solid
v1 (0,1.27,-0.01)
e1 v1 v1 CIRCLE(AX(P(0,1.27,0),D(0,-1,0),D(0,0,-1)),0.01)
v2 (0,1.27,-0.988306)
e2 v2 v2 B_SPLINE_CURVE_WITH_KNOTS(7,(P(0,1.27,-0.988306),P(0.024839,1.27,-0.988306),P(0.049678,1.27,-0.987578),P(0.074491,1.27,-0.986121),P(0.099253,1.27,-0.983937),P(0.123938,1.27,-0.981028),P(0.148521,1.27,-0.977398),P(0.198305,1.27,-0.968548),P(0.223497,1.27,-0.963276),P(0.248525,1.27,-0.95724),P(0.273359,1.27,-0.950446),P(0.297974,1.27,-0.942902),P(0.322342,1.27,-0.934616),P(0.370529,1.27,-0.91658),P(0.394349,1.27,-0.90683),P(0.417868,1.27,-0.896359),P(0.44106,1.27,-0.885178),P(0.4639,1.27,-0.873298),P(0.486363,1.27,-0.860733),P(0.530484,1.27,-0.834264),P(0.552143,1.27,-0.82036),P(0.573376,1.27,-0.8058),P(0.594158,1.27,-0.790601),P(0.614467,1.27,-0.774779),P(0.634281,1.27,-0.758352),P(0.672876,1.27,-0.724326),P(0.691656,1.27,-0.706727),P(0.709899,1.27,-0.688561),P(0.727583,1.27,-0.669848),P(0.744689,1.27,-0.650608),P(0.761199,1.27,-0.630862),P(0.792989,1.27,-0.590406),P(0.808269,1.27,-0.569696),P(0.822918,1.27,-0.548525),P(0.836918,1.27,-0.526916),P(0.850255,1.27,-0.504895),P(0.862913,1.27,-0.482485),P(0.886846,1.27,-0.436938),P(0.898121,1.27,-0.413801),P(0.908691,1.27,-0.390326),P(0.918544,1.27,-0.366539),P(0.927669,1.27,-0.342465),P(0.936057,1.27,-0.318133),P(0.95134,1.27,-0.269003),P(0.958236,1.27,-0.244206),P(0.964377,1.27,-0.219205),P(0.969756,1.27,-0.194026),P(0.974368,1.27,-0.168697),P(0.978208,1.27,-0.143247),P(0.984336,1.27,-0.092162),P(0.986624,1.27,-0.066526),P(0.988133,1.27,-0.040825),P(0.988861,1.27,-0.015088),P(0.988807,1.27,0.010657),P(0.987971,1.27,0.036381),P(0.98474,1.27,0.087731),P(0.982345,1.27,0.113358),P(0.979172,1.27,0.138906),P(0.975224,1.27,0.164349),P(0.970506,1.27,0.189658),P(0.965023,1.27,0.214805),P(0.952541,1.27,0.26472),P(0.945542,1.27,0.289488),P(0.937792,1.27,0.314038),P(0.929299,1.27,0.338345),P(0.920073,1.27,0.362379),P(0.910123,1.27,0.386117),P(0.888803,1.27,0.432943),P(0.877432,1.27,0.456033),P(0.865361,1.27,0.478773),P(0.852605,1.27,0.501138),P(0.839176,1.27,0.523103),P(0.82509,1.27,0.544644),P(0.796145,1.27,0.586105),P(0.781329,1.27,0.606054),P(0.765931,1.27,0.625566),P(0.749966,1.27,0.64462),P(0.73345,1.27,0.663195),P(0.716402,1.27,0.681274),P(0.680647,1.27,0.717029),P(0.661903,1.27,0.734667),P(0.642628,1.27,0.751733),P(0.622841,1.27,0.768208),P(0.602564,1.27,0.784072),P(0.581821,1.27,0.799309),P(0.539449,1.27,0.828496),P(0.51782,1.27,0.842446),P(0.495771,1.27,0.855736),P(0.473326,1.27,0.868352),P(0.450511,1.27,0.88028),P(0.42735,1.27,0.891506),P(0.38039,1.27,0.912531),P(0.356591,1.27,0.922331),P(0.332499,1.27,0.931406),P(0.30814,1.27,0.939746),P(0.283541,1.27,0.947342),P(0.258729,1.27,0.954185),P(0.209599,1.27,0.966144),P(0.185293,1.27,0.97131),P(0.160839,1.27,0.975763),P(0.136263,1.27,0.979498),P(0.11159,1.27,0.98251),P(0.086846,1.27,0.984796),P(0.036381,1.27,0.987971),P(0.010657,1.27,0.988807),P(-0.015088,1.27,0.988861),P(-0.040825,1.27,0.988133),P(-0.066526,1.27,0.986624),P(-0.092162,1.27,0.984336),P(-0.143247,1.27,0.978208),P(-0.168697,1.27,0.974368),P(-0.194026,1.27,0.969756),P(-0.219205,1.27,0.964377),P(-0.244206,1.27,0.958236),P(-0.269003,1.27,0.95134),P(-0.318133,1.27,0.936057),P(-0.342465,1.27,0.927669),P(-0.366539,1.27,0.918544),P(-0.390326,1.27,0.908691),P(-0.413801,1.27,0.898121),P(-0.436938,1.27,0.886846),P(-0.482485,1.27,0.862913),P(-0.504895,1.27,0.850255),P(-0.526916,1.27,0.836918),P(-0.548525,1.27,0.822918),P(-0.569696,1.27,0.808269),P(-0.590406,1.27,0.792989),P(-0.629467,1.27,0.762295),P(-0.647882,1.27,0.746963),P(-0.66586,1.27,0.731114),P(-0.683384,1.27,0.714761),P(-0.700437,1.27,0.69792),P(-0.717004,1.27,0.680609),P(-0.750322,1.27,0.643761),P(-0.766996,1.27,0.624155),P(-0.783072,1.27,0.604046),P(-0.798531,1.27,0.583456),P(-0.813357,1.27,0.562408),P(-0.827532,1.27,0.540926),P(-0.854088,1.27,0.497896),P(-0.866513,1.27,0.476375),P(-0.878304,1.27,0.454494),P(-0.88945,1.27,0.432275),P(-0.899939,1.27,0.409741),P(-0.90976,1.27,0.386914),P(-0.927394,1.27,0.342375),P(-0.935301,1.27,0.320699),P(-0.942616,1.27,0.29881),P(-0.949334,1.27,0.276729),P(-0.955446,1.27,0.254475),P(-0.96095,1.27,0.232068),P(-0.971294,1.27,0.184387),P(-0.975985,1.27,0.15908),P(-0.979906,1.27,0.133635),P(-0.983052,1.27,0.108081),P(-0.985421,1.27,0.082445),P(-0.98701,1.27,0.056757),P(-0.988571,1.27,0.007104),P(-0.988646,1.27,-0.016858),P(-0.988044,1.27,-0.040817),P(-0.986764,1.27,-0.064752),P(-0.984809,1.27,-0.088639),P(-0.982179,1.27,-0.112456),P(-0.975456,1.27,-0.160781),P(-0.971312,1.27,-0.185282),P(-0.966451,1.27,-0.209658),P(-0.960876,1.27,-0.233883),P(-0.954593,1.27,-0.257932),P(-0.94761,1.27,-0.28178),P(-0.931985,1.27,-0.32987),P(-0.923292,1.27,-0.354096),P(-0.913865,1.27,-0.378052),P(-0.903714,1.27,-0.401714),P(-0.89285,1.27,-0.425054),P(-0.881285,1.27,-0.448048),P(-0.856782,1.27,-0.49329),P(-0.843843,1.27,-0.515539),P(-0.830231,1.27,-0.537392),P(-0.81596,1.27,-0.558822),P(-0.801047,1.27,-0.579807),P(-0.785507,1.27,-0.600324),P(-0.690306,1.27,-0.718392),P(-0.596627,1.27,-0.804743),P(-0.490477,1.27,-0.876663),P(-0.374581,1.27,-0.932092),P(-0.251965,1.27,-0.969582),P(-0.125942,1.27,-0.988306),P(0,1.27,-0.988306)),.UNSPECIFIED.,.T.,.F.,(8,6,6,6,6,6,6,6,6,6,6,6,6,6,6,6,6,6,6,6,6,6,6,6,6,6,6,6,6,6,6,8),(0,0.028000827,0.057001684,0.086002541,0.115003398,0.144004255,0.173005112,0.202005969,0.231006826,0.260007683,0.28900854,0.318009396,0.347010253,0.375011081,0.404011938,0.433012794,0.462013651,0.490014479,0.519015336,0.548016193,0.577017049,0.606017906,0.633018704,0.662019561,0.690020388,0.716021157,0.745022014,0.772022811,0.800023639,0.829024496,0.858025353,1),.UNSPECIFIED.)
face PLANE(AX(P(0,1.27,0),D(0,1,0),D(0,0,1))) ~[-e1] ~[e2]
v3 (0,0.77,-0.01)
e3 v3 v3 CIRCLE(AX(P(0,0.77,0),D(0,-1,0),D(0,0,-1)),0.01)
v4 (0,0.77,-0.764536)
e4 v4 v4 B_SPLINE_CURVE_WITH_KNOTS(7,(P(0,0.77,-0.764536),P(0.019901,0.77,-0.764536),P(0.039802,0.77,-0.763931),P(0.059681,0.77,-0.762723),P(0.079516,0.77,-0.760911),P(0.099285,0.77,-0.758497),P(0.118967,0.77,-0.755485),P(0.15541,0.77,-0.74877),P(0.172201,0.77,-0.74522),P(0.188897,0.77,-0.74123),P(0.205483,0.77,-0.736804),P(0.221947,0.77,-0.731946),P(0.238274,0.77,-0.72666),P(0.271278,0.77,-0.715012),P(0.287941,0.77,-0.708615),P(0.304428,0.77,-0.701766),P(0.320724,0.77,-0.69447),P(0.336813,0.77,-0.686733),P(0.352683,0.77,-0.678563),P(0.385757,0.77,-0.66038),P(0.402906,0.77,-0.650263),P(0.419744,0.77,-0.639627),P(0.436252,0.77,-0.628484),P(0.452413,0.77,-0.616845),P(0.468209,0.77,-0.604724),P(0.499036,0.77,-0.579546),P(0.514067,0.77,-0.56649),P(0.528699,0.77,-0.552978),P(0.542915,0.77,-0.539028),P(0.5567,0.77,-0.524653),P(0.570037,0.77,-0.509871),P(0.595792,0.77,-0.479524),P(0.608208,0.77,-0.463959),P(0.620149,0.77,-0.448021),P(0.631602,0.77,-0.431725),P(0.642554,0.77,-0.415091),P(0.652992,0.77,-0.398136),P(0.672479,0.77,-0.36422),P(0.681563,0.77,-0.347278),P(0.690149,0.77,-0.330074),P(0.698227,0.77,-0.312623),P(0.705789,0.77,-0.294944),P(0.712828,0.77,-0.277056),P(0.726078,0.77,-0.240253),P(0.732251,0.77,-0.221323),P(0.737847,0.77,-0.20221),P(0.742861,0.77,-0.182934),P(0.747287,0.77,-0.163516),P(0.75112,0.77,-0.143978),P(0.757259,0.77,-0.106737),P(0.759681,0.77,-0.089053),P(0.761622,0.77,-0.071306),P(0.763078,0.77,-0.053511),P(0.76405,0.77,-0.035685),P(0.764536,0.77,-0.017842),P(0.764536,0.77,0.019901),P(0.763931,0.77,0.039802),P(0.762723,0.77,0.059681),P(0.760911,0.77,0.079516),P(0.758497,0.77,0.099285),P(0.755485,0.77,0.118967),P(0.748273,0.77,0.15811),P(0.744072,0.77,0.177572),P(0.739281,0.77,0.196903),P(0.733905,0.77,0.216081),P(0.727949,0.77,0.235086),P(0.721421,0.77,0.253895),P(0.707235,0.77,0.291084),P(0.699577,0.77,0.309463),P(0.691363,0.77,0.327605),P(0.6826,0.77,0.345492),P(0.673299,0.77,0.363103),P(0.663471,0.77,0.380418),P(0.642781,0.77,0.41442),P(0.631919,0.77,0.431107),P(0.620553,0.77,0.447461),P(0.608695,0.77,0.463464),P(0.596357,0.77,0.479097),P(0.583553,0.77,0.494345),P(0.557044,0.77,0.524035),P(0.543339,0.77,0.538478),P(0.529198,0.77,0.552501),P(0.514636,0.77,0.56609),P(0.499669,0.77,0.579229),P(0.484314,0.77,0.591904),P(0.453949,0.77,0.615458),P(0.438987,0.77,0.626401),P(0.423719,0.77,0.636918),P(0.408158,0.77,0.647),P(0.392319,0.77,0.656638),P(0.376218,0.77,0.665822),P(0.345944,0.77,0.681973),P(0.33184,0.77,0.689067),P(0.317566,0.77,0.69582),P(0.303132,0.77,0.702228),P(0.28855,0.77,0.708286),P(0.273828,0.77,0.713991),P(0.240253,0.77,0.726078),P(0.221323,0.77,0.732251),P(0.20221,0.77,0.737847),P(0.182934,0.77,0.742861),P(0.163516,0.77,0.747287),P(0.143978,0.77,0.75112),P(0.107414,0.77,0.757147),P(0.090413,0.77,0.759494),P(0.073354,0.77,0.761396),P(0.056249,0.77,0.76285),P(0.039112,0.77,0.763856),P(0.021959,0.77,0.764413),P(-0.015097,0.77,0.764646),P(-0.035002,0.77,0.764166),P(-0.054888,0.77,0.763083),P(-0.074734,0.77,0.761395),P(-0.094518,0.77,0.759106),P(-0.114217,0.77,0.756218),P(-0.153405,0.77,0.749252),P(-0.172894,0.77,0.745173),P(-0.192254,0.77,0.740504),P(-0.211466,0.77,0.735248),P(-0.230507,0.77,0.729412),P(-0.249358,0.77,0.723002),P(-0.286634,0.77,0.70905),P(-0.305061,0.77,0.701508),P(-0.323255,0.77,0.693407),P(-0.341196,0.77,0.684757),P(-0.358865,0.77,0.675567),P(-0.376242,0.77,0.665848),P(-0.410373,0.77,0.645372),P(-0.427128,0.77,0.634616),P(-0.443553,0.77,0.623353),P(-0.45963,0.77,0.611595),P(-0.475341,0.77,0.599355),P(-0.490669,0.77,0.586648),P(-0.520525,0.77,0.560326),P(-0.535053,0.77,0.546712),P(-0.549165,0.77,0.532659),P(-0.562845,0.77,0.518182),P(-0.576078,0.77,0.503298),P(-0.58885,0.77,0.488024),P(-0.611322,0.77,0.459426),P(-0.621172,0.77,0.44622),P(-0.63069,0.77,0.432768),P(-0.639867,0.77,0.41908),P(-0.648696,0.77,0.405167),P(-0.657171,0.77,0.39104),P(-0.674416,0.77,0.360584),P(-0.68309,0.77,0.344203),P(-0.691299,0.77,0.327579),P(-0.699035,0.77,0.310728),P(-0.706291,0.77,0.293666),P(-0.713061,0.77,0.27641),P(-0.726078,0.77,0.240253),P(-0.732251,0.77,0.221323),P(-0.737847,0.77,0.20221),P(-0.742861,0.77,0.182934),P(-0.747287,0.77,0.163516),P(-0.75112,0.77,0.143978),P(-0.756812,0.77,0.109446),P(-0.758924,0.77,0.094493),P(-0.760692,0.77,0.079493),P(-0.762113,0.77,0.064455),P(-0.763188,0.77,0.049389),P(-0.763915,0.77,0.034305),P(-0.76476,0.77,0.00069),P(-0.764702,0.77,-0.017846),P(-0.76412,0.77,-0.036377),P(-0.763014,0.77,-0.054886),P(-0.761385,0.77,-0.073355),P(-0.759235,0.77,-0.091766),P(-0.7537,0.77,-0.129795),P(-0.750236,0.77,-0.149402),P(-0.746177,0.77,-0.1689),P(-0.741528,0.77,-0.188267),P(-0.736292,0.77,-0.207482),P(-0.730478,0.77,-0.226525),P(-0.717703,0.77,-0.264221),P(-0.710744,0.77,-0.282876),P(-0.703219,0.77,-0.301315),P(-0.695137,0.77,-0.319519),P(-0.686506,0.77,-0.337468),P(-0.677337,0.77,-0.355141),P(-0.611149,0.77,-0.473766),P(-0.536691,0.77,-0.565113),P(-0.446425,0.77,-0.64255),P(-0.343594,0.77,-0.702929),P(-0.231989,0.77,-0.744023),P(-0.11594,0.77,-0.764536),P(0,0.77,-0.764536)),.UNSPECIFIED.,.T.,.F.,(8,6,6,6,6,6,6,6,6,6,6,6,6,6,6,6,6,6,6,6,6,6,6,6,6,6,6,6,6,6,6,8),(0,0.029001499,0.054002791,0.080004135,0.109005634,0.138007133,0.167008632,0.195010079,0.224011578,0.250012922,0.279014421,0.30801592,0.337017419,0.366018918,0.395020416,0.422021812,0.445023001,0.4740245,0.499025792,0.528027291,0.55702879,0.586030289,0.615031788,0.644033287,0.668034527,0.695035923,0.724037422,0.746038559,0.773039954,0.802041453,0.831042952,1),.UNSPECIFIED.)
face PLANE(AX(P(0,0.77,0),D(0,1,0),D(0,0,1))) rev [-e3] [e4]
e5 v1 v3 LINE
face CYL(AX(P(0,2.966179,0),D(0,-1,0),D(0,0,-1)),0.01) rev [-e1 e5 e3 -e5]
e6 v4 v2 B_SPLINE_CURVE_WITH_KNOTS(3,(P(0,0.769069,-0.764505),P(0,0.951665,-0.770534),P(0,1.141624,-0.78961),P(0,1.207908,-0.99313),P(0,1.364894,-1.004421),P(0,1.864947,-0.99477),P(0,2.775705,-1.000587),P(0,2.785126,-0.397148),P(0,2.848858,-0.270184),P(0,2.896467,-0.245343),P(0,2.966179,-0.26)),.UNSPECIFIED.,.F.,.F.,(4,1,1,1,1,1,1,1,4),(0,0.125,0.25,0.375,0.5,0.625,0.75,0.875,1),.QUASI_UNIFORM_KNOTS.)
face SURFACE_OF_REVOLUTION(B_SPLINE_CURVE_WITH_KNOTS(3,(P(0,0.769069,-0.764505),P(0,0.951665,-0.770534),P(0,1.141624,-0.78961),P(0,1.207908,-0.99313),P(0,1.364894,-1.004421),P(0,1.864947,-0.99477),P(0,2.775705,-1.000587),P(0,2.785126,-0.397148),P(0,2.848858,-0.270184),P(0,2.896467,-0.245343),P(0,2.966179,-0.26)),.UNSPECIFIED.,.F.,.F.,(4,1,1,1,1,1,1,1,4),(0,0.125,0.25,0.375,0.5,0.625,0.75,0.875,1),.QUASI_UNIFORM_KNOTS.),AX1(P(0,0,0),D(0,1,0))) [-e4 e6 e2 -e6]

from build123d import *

# Parameters (mm, degrees)
SKETCH032_W   = 5.828926
SKETCH032_H   = 4.647706
SKETCH032_W_2 = 7.405091
SKETCH032_H_2 = 4.530322


with BuildPart() as part:
    # Sketch031 → Revolution006 (revolve)
    with BuildSketch(Plane(origin=(0, 0, -0.01), x_dir=(0, -1, 0), z_dir=(1, 0, 0))):
        with BuildLine():
            add(Edge.make_bspline(
                [(-0.769069, 0.754505), (-0.951665, 0.760534), (-1.141624, 0.77961), (-1.207908, 0.98313), (-1.364894, 0.994421), (-1.864947, 0.98477), (-2.775705, 0.990587), (-2.785126, 0.387148), (-2.848858, 0.260184), (-2.896467, 0.235343), (-2.966179, 0.25)],
                knots=[0, 0, 0, 0, 0.125, 0.25, 0.375, 0.5, 0.625, 0.75, 0.875, 1, 1, 1, 1], degree=3))
            Line((-2.966179, 0.25), (-2.966179, 0))
            Line((-2.966179, 0), (0, 0))
            Line((0, 0), (0, 0.75))
            add(Edge.make_bspline(
                [(-0.769069, 0.754505), (-0.446942, 0.755366), (0, 0.75)],
                knots=[0, 0, 0, 1, 1, 1], degree=2))
        make_face()
    revolution006 = revolve(axis=Axis((0, 0, 0), (0, 1, 0)))

    # Mirrored009: Revolution006 across Sketch031 V_Axis
    add(revolution006.mirror(Plane(origin=(0, 0, -0.01), x_dir=(1, 0, 0), z_dir=(0, -1, 0))))

    # Sketch032 → Groove003 (revolve, cut)
    with BuildSketch(Plane.YZ):
        with Locations((4.184463, 2.323853)):
            Rectangle(SKETCH032_W, SKETCH032_H)
        with Locations((-2.932545, 2.265161)):
            Rectangle(SKETCH032_W_2, SKETCH032_H_2)
    revolve(axis=Axis((0, 0, 0), (0, 1, 0)), mode=Mode.SUBTRACT)


solid = part.part
